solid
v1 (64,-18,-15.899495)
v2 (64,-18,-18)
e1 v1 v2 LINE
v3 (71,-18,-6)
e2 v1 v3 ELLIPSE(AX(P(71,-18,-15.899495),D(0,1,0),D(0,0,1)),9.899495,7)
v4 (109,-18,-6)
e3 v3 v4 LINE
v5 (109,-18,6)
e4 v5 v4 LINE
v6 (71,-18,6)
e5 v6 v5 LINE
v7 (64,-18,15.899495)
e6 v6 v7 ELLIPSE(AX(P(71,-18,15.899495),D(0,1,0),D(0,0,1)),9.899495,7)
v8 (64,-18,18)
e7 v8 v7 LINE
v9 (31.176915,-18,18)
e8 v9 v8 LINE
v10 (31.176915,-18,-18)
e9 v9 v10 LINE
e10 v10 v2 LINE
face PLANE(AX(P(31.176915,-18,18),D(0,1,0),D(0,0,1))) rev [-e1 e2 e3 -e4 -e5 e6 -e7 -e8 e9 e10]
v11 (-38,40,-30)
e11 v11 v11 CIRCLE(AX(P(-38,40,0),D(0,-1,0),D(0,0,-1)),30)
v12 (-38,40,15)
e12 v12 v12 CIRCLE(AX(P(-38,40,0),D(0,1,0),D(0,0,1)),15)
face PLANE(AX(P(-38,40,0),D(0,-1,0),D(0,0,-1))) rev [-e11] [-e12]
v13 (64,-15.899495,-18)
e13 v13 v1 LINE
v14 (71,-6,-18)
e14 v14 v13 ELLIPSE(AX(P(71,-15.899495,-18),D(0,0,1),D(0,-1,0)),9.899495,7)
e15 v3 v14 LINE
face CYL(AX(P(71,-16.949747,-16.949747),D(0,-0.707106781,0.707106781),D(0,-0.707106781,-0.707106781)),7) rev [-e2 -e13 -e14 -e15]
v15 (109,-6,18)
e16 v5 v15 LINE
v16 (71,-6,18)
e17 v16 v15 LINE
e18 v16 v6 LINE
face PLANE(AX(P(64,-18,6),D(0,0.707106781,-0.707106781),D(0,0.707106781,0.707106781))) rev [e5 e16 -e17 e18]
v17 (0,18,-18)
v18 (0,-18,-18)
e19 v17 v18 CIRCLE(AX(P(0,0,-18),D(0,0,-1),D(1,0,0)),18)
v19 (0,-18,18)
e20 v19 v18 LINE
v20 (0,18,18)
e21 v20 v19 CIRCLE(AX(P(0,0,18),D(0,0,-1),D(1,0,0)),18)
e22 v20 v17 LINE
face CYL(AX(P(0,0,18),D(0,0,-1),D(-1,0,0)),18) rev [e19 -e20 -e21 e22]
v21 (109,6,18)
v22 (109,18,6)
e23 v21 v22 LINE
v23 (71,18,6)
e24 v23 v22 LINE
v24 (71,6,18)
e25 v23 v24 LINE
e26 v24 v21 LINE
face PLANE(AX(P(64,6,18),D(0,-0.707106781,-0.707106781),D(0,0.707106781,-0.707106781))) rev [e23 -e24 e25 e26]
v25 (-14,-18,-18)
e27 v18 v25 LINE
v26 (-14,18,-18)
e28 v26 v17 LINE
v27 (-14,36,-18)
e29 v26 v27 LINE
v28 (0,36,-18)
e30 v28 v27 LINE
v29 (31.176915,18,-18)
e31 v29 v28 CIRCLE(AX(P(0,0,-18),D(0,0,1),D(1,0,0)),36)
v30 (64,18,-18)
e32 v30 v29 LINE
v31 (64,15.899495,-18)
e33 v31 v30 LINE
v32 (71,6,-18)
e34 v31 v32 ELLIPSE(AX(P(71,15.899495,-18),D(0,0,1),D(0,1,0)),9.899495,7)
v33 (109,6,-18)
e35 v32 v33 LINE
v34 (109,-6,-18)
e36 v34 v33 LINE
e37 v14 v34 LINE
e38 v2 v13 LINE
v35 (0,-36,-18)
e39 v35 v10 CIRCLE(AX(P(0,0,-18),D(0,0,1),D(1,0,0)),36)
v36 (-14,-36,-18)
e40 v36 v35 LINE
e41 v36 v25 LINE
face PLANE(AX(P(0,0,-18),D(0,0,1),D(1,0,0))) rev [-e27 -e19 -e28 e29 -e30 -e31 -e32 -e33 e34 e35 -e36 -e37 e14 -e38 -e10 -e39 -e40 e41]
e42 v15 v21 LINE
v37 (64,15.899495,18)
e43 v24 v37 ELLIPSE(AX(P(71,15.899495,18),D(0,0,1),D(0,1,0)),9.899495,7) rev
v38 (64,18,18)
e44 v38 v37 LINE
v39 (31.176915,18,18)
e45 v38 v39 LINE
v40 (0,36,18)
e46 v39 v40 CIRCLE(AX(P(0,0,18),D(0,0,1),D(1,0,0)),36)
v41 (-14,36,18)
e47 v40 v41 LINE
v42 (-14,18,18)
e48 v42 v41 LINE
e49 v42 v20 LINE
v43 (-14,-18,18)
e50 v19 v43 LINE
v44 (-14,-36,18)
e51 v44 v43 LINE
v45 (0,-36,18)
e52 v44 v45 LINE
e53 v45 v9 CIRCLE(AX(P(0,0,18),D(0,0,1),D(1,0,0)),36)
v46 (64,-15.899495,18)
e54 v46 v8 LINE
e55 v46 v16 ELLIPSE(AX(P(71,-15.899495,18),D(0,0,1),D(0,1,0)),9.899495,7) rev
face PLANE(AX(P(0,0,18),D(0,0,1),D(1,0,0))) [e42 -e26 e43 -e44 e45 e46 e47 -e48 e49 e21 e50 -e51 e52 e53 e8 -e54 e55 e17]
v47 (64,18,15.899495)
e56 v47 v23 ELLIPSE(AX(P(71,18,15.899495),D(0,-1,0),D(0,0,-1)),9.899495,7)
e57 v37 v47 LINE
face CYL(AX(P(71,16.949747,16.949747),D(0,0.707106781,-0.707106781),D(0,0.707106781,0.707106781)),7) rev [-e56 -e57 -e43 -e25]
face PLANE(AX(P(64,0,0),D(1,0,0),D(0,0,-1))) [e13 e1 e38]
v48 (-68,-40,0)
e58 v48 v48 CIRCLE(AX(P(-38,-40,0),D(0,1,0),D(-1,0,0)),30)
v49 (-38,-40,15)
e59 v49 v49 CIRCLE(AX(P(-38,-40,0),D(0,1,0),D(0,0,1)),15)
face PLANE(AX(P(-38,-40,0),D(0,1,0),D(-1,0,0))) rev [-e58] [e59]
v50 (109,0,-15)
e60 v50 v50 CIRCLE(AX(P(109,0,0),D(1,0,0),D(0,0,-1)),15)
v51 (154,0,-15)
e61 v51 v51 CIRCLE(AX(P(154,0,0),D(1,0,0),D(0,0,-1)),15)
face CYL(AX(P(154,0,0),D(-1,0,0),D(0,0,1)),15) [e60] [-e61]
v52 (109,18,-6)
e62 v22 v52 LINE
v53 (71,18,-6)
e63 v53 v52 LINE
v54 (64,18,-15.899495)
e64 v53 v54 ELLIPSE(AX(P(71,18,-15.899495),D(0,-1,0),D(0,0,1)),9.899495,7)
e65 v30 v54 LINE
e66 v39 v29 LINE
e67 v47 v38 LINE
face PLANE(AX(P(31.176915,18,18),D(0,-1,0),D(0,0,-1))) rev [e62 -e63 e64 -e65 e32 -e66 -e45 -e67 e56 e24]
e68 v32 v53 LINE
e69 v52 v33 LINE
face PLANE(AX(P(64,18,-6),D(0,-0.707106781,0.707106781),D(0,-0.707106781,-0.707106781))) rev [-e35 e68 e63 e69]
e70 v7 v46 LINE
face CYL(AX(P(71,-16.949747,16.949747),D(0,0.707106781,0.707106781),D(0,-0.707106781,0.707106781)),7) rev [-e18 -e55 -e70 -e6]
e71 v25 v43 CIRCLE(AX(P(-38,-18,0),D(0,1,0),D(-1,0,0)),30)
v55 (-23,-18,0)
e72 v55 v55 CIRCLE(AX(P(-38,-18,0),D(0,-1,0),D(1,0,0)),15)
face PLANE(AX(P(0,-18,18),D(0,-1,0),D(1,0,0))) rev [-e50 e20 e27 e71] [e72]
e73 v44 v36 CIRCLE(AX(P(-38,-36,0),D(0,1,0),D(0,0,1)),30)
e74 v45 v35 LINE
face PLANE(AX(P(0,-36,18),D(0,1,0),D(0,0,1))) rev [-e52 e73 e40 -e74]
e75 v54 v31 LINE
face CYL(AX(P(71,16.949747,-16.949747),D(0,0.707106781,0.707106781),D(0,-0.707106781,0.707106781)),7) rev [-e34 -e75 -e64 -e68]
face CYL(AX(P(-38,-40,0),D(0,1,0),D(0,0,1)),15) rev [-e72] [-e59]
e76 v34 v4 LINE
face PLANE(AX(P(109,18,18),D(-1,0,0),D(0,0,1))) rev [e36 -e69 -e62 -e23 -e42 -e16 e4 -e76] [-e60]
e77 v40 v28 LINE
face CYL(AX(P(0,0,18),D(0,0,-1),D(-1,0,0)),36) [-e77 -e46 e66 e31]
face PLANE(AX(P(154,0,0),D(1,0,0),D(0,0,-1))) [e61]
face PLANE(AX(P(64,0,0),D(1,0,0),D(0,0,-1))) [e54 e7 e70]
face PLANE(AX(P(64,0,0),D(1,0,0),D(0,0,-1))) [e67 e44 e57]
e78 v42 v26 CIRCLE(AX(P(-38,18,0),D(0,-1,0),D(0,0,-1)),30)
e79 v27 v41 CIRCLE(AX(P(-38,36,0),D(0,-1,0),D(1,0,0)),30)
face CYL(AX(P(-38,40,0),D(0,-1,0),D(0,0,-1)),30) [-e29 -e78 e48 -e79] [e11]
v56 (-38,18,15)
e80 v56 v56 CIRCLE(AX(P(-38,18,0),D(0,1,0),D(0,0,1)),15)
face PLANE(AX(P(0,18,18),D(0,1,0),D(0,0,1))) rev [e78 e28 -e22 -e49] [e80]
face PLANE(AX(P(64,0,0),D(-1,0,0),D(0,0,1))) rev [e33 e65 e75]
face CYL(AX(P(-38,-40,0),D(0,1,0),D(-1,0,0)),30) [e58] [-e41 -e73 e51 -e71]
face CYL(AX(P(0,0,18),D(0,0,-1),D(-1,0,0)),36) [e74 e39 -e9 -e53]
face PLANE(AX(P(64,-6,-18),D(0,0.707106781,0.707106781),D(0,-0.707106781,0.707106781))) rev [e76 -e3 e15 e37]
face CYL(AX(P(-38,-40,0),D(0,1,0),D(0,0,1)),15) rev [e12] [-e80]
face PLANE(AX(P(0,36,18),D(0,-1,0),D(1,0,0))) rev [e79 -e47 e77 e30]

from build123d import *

# Parameters (mm, degrees)
BOSS_EXTRUDE1_DEPTH = 18
SKETCH2_R           = 30
BOSS_EXTRUDE2_DEPTH = 22
SKETCH3_R           = 30
BOSS_EXTRUDE3_DEPTH = 22
SKETCH4_R           = 15
CUT_EXTRUDE1_DEPTH  = 81
CUT_EXTRUDE2_DEPTH  = 45
FILLET1_R           = 7
SKETCH6_R           = 15
BOSS_EXTRUDE4_DEPTH = 45


with BuildPart() as part:
    # Sketch1 → Boss-Extrude1 (new body, symmetric)
    with BuildSketch(Plane.XY):
        with BuildLine():
            Line((31.176914536, 18), (109, 18))
            Line((109, 18), (109, -18))
            Line((109, -18), (31.176914536, -18))
            ThreePointArc((31.176914536, -18), (18, -31.176914536), (0, -36))
            Line((0, -36), (-38, -36))
            Line((-38, -36), (-38, -18))
            Line((-38, -18), (0, -18))
            ThreePointArc((0, -18), (18, 0), (0, 18))
            Line((0, 18), (-38, 18))
            Line((-38, 18), (-38, 36))
            Line((-38, 36), (0, 36))
            ThreePointArc((0, 36), (18, 31.176914536), (31.176914536, 18))
        make_face()
    extrude(amount=BOSS_EXTRUDE1_DEPTH, both=True)

    # Sketch2 → Boss-Extrude2 (add)
    with BuildSketch(Plane.XZ.offset(-18)):
        with Locations((-38, 0)):
            Circle(SKETCH2_R)
    extrude(amount=-BOSS_EXTRUDE2_DEPTH)

    # Sketch3 → Boss-Extrude3 (add)
    with BuildSketch(Plane(origin=(0, -18, 0), x_dir=(1, 0, 0), z_dir=(0, 1, 0))):
        with Locations((-38, 0)):
            Circle(SKETCH3_R)
    extrude(amount=-BOSS_EXTRUDE3_DEPTH)

    # Sketch4 → Cut-Extrude1 (cut, through all)
    with BuildSketch(Plane(origin=(0, 40, 0), x_dir=(1, 0, 0), z_dir=(0, 1, 0))):
        with Locations((-38, 0)):
            Circle(SKETCH4_R)
    extrude(amount=-CUT_EXTRUDE1_DEPTH, mode=Mode.SUBTRACT)

    # Sketch5 → Cut-Extrude2 (cut)
    with BuildSketch(Plane(origin=(109, 0, 0), x_dir=(0, 0, -1), z_dir=(1, 0, 0))):
        Polygon((6, 18), (18, 6), (18, 18), align=None)
        Polygon((18, -18), (18, -6), (6, -18), align=None)
        Polygon((-18, -18), (-6, -18), (-18, -6), align=None)
        Polygon((-18, 18), (-18, 6), (-6, 18), align=None)
    extrude(amount=-CUT_EXTRUDE2_DEPTH, mode=Mode.SUBTRACT)

    # Fillet1
    fillet1_edges = [part.edges().sort_by_distance(p)[0] for p in [
        (64, 12, 12),
        (64, -12, 12),
        (64, -12, -12),
        (64, 12, -12),
    ]]
    fillet(fillet1_edges, radius=FILLET1_R)

    # Sketch6 → Boss-Extrude4 (add)
    with BuildSketch(Plane(origin=(109, 0, 0), x_dir=(0, 0, -1), z_dir=(1, 0, 0))):
        Circle(SKETCH6_R)
    extrude(amount=BOSS_EXTRUDE4_DEPTH)


solid = part.part
